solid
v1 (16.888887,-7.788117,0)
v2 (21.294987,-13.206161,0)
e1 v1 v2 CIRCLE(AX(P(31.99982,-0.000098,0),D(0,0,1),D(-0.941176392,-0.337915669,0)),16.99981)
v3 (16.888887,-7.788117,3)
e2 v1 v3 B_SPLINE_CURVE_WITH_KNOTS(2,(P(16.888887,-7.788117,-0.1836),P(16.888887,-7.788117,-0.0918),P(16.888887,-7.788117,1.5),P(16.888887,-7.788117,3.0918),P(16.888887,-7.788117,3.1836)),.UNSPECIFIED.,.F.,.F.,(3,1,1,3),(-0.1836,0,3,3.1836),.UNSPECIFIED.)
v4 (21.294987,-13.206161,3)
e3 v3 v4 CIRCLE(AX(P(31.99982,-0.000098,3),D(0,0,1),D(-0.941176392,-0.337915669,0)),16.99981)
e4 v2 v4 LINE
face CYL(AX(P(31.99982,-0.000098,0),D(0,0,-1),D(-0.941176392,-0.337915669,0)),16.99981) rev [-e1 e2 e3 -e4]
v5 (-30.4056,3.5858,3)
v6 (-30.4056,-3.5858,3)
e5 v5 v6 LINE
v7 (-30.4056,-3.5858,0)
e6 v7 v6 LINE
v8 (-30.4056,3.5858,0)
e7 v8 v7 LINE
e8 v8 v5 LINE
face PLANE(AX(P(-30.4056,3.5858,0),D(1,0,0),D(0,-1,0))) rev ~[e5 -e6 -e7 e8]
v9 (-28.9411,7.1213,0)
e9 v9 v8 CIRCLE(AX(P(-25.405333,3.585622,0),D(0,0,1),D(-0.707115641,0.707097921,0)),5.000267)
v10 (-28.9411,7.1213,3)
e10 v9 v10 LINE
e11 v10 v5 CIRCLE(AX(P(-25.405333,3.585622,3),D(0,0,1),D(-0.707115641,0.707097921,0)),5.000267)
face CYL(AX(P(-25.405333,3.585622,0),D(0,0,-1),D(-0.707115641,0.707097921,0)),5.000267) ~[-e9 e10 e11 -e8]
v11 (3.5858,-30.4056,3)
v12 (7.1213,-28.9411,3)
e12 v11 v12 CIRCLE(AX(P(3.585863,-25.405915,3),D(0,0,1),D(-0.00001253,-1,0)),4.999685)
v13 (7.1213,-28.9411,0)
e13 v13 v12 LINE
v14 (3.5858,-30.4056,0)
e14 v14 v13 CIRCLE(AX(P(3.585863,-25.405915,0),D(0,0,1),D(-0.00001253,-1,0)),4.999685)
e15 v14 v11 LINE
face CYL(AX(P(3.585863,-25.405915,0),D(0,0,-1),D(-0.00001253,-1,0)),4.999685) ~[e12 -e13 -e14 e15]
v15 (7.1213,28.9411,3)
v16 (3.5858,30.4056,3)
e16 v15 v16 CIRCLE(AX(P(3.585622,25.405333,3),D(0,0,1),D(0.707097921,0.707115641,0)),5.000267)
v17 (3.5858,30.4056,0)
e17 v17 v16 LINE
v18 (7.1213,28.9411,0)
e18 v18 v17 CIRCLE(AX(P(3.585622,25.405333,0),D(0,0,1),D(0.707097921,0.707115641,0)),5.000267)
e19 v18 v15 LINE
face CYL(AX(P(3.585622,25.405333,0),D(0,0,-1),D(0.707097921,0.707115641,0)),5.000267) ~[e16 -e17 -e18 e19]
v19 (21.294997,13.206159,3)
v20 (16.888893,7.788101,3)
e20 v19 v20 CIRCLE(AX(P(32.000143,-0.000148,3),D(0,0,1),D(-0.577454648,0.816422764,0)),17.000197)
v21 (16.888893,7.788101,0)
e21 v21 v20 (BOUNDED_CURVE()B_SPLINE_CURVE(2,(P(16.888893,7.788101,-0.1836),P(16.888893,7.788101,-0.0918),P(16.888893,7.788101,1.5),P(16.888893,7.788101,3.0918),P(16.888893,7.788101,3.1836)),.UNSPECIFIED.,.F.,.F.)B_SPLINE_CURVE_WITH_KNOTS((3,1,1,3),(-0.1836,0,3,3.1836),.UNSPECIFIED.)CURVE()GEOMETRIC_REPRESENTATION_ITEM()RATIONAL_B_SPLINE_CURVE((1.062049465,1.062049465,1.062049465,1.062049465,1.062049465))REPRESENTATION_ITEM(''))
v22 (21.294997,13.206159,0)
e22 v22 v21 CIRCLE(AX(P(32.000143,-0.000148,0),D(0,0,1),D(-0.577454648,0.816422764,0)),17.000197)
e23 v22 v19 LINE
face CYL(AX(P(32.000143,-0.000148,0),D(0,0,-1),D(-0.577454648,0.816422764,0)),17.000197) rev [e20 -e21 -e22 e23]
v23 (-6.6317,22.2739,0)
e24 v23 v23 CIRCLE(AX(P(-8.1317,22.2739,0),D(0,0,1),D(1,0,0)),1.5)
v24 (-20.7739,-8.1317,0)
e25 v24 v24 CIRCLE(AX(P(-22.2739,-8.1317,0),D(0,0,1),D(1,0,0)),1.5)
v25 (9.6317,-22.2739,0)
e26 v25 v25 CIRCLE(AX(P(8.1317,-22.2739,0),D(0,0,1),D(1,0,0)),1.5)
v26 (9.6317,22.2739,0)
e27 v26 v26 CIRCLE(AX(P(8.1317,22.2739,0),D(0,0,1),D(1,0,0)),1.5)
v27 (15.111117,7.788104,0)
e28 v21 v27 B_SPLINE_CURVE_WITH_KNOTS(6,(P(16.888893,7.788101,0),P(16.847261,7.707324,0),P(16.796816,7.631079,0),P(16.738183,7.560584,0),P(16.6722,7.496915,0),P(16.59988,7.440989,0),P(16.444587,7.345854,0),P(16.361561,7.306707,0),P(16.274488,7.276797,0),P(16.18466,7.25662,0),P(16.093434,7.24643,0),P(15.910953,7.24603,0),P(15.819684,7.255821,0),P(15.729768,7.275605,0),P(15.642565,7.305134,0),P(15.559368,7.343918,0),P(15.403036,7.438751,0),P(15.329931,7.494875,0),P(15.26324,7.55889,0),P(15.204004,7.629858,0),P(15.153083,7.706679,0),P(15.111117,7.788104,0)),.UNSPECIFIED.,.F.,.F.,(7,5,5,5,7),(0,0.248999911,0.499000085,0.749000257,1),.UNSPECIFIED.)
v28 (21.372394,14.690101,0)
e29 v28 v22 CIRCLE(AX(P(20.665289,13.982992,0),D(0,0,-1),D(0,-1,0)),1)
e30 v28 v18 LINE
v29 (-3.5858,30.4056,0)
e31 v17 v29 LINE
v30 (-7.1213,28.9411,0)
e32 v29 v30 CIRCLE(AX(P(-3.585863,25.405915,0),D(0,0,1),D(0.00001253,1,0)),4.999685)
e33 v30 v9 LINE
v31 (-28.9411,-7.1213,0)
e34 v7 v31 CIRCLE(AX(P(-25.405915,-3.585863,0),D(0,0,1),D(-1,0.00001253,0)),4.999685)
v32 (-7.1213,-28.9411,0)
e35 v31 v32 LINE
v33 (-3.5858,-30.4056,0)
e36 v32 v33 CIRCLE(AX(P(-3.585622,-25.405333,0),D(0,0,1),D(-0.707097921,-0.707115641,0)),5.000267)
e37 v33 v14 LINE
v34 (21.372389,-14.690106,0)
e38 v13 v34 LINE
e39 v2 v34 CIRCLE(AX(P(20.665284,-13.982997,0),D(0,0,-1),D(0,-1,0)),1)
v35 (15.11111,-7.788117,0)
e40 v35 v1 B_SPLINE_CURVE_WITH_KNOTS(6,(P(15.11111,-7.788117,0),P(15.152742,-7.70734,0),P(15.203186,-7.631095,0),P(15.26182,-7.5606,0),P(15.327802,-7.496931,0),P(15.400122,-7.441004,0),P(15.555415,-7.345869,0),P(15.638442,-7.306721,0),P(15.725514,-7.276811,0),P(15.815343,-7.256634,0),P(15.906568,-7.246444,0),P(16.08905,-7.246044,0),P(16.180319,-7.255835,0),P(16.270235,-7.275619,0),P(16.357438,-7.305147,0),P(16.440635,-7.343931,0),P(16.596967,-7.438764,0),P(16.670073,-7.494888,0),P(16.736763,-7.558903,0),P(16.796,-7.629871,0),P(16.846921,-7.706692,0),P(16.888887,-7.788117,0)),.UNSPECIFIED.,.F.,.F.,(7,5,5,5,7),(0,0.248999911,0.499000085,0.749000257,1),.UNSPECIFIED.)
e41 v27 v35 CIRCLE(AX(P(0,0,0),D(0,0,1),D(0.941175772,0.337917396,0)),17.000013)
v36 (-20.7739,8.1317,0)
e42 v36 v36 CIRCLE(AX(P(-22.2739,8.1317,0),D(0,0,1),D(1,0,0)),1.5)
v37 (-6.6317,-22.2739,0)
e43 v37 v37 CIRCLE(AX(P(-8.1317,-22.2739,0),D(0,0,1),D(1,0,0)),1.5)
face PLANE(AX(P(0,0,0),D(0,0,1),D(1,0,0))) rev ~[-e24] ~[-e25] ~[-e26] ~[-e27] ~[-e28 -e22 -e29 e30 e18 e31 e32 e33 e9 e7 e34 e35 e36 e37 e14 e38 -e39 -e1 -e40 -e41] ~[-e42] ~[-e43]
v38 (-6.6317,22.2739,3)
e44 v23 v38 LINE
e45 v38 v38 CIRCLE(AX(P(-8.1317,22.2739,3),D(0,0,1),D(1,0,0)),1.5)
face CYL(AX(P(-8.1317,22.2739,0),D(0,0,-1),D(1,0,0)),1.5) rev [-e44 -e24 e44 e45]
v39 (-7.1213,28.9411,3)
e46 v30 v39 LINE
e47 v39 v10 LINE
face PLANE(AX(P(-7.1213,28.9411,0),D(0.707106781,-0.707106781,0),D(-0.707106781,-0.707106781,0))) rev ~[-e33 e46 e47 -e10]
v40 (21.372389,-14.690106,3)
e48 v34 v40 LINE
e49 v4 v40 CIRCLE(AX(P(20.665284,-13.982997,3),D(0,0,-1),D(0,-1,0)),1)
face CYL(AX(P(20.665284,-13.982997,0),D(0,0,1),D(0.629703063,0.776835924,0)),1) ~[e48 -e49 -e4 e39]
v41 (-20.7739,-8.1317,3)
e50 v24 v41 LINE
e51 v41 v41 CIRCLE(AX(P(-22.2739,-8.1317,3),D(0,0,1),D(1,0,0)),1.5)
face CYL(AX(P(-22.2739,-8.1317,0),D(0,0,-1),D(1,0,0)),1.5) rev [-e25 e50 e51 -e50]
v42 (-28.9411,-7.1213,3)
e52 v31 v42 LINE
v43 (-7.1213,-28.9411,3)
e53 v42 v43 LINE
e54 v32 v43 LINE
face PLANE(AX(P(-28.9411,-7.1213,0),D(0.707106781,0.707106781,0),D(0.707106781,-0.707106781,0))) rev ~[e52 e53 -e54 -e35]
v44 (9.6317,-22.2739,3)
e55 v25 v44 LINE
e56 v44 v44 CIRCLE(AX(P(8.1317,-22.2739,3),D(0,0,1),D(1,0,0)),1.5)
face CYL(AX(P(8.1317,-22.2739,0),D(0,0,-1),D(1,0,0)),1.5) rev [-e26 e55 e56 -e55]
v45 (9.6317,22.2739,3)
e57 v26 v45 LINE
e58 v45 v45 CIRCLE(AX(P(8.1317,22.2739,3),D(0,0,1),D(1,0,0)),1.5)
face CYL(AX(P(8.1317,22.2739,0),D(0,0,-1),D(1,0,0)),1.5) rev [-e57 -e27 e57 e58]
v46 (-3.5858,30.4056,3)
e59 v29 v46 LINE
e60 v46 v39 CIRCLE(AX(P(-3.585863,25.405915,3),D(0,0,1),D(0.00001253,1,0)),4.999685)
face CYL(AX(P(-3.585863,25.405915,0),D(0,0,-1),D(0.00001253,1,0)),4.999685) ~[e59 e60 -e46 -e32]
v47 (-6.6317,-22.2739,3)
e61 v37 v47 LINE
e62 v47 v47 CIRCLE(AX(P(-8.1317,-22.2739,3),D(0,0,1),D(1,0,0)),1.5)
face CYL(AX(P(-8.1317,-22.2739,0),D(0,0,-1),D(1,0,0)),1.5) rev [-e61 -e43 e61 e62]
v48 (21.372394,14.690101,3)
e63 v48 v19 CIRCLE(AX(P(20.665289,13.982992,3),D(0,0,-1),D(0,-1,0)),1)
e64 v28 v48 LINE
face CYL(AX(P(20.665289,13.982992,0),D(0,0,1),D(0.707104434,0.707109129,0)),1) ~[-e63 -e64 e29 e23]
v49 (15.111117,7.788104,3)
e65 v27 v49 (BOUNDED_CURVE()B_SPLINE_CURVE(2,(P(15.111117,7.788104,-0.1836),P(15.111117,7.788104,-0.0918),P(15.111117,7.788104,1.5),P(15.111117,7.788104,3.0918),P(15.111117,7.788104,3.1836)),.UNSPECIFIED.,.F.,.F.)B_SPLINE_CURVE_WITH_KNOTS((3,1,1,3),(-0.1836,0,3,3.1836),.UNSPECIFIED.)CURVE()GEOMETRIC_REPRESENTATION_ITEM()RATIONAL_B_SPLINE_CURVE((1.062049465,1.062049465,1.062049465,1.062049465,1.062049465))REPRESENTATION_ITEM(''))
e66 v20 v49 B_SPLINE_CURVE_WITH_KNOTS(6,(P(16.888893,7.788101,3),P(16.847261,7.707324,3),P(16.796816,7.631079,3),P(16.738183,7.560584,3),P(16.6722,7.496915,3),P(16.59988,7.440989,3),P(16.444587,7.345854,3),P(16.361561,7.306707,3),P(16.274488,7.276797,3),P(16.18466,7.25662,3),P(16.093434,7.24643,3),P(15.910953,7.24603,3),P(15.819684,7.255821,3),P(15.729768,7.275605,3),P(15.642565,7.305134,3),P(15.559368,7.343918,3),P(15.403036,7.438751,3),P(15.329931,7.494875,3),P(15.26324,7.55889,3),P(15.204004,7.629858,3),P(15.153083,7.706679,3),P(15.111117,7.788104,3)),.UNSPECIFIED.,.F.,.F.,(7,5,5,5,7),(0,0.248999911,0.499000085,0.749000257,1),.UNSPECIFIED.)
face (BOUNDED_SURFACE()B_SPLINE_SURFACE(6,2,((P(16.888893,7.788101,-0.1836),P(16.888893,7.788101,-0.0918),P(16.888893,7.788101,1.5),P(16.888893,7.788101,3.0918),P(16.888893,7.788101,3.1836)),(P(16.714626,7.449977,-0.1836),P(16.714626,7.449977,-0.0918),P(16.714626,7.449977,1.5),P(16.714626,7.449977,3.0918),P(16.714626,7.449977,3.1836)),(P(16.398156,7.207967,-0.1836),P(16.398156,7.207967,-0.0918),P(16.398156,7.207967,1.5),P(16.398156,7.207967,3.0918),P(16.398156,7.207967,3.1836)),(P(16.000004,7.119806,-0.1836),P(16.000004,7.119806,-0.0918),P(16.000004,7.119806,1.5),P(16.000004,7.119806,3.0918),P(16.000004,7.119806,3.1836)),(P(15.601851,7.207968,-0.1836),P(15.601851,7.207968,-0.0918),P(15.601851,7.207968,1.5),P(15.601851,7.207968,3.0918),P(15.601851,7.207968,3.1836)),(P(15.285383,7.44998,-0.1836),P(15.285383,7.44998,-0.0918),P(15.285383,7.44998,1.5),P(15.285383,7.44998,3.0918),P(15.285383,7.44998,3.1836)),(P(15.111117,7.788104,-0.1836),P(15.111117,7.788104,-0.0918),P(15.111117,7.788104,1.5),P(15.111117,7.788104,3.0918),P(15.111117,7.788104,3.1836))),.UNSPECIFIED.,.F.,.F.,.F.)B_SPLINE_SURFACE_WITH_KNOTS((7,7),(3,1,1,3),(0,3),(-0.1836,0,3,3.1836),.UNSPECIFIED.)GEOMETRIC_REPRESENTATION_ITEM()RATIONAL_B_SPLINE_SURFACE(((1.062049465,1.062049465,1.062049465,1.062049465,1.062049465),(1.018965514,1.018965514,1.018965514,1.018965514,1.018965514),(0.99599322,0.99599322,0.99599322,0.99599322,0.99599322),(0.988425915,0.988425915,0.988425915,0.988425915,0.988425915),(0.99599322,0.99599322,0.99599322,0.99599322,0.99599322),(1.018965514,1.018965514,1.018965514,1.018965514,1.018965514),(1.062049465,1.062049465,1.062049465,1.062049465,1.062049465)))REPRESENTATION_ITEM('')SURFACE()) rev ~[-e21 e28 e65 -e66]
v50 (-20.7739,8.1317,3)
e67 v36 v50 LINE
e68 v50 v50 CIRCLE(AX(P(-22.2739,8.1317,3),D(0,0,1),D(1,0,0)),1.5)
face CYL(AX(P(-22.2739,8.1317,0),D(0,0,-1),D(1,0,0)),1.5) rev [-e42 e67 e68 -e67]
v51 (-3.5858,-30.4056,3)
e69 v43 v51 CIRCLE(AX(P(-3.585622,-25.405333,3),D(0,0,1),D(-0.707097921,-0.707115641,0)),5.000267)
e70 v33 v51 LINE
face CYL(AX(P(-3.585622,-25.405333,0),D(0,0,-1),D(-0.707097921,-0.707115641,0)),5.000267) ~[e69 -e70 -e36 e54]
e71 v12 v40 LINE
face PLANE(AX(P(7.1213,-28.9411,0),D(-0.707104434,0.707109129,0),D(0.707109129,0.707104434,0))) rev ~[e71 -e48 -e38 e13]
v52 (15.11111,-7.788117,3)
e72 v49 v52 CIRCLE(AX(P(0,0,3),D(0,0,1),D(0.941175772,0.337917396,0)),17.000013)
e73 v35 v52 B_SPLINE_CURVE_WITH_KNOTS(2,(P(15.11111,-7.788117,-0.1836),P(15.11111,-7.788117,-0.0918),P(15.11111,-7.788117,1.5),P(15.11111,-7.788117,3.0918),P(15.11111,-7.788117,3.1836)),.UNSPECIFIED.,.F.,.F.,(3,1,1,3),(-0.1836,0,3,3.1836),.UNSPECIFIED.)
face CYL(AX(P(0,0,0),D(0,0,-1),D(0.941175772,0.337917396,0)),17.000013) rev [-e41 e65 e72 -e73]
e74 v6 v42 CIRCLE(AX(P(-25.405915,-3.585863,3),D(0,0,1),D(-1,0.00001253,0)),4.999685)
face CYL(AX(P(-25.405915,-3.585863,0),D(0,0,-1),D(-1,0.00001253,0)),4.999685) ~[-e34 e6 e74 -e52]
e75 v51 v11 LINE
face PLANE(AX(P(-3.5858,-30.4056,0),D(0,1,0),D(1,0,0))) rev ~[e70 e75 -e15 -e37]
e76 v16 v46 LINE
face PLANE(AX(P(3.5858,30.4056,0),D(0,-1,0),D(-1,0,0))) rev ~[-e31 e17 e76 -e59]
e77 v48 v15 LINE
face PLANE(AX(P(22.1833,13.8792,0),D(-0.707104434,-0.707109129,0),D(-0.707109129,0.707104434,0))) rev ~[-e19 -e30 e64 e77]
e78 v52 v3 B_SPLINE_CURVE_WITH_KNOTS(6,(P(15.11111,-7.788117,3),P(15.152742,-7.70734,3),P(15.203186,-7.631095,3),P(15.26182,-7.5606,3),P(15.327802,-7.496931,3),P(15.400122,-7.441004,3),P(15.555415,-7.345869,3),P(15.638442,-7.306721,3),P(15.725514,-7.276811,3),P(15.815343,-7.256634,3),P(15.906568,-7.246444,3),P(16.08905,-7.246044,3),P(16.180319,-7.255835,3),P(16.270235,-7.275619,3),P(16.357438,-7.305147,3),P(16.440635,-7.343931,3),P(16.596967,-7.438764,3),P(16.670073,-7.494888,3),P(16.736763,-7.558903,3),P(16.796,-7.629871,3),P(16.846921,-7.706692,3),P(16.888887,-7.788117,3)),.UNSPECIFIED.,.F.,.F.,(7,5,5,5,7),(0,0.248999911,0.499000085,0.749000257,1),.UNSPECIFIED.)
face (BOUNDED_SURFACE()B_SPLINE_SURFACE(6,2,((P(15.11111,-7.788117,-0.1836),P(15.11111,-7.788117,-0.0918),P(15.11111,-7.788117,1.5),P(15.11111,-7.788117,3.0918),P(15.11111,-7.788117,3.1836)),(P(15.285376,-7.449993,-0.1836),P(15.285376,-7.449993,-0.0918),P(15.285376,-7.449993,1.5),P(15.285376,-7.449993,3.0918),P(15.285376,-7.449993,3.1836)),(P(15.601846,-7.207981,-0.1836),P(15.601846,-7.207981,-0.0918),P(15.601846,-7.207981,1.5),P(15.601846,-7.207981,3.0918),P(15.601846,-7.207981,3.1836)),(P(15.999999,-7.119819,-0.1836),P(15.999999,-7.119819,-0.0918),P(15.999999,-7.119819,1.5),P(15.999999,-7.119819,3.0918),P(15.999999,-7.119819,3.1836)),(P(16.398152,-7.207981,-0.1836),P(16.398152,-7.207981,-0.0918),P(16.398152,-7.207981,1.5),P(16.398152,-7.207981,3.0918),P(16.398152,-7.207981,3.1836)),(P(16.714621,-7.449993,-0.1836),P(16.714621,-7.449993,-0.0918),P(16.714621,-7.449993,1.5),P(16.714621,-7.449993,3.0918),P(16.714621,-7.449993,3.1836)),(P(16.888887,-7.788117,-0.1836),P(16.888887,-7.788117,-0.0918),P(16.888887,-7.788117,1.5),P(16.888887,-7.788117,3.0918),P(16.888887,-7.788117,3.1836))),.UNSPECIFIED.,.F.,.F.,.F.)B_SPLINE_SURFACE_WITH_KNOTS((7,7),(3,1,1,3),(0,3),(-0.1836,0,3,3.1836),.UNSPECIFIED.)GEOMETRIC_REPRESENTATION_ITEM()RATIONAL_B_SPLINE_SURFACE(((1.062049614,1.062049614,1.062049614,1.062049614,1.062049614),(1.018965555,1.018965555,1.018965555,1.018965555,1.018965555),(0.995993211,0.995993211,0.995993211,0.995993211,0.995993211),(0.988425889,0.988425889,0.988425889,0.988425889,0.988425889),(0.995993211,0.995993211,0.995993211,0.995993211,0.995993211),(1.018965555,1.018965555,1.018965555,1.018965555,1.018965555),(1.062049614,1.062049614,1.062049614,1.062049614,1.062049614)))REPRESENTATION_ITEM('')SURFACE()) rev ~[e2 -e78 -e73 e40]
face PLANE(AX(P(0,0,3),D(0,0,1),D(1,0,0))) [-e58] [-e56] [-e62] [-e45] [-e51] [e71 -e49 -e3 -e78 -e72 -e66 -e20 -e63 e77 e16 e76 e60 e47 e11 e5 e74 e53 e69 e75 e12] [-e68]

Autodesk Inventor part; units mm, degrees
ref_plane "YZ Plane" through (0, 0, 0) normal (1, 0, 0) x (0, 1, 0)
ref_plane "XZ Plane" through (0, 0, 0) normal (0, 1, 0) x (-1, 0, 0)
ref_plane "XY Plane" through (0, 0, 0) normal (0, 0, 1) x (1, 0, 0)
sketch "Sketch1" plane through (0, 0, 0) normal (0, 0, 1) x (1, 0, 0)
  arc A0 (-3.5858, 30.4056) -> (-7.1213, 28.9411) centre (-3.5858, 25.4056) ccw
  line L0 (-7.1213, 28.9411) -> (-28.9411, 7.1213)
  arc A1 (-28.9411, 7.1213) -> (-30.4056, 3.5858) centre (-25.4056, 3.5858) ccw
  line L1 (-30.4056, 3.5858) -> (-30.4056, -3.5858)
  arc A2 (-30.4056, -3.5858) -> (-28.9411, -7.1213) centre (-25.4056, -3.5858) ccw
  line L2 (-28.9411, -7.1213) -> (-7.1213, -28.9411)
  arc A3 (-7.1213, -28.9411) -> (-3.5858, -30.4056) centre (-3.5858, -25.4056) ccw
  line L3 (-3.5858, -30.4056) -> (3.5858, -30.4056)
  arc A4 (3.5858, -30.4056) -> (7.1213, -28.9411) centre (3.5858, -25.4056) ccw
  line L4 (7.1213, -28.9411) -> (22.1833, -13.8792)
  arc A5 (16, -5.7446) -> (22.1833, -13.8792) centre (32, 0) ccw
  arc A6 (16, 5.7446) -> (16, -5.7446) centre (0, 0) ccw
  arc A7 (22.1833, 13.8792) -> (16, 5.7446) centre (32, 0) ccw
  line L5 (22.1833, 13.8792) -> (7.1213, 28.9411)
  arc A8 (7.1213, 28.9411) -> (3.5858, 30.4056) centre (3.5858, 25.4056) ccw
  line L6 (3.5858, 30.4056) -> (-3.5858, 30.4056)
  circle A9 centre (-8.1317, 22.2739) radius 1.5
  circle A10 centre (-22.2739, 8.1317) radius 1.5
  circle A11 centre (8.1317, -22.2739) radius 1.5
  circle A12 centre (-8.1317, -22.2739) radius 1.5
  circle A13 centre (8.1317, 22.2739) radius 1.5
  circle A14 centre (-22.2739, -8.1317) radius 1.5
  point P0 (0, 0)
extrude "Extrusion1" add sketch "Sketch1" along normal blind 3
fillet "Fillet1" radius 1 4 edges at (16, 5.7446, 1.5) (22.1833, 13.8792, 1.5) (16, -5.7446, 1.5) (22.1833, -13.8792, 1.5)
properties part number "VAM_housing_top"
